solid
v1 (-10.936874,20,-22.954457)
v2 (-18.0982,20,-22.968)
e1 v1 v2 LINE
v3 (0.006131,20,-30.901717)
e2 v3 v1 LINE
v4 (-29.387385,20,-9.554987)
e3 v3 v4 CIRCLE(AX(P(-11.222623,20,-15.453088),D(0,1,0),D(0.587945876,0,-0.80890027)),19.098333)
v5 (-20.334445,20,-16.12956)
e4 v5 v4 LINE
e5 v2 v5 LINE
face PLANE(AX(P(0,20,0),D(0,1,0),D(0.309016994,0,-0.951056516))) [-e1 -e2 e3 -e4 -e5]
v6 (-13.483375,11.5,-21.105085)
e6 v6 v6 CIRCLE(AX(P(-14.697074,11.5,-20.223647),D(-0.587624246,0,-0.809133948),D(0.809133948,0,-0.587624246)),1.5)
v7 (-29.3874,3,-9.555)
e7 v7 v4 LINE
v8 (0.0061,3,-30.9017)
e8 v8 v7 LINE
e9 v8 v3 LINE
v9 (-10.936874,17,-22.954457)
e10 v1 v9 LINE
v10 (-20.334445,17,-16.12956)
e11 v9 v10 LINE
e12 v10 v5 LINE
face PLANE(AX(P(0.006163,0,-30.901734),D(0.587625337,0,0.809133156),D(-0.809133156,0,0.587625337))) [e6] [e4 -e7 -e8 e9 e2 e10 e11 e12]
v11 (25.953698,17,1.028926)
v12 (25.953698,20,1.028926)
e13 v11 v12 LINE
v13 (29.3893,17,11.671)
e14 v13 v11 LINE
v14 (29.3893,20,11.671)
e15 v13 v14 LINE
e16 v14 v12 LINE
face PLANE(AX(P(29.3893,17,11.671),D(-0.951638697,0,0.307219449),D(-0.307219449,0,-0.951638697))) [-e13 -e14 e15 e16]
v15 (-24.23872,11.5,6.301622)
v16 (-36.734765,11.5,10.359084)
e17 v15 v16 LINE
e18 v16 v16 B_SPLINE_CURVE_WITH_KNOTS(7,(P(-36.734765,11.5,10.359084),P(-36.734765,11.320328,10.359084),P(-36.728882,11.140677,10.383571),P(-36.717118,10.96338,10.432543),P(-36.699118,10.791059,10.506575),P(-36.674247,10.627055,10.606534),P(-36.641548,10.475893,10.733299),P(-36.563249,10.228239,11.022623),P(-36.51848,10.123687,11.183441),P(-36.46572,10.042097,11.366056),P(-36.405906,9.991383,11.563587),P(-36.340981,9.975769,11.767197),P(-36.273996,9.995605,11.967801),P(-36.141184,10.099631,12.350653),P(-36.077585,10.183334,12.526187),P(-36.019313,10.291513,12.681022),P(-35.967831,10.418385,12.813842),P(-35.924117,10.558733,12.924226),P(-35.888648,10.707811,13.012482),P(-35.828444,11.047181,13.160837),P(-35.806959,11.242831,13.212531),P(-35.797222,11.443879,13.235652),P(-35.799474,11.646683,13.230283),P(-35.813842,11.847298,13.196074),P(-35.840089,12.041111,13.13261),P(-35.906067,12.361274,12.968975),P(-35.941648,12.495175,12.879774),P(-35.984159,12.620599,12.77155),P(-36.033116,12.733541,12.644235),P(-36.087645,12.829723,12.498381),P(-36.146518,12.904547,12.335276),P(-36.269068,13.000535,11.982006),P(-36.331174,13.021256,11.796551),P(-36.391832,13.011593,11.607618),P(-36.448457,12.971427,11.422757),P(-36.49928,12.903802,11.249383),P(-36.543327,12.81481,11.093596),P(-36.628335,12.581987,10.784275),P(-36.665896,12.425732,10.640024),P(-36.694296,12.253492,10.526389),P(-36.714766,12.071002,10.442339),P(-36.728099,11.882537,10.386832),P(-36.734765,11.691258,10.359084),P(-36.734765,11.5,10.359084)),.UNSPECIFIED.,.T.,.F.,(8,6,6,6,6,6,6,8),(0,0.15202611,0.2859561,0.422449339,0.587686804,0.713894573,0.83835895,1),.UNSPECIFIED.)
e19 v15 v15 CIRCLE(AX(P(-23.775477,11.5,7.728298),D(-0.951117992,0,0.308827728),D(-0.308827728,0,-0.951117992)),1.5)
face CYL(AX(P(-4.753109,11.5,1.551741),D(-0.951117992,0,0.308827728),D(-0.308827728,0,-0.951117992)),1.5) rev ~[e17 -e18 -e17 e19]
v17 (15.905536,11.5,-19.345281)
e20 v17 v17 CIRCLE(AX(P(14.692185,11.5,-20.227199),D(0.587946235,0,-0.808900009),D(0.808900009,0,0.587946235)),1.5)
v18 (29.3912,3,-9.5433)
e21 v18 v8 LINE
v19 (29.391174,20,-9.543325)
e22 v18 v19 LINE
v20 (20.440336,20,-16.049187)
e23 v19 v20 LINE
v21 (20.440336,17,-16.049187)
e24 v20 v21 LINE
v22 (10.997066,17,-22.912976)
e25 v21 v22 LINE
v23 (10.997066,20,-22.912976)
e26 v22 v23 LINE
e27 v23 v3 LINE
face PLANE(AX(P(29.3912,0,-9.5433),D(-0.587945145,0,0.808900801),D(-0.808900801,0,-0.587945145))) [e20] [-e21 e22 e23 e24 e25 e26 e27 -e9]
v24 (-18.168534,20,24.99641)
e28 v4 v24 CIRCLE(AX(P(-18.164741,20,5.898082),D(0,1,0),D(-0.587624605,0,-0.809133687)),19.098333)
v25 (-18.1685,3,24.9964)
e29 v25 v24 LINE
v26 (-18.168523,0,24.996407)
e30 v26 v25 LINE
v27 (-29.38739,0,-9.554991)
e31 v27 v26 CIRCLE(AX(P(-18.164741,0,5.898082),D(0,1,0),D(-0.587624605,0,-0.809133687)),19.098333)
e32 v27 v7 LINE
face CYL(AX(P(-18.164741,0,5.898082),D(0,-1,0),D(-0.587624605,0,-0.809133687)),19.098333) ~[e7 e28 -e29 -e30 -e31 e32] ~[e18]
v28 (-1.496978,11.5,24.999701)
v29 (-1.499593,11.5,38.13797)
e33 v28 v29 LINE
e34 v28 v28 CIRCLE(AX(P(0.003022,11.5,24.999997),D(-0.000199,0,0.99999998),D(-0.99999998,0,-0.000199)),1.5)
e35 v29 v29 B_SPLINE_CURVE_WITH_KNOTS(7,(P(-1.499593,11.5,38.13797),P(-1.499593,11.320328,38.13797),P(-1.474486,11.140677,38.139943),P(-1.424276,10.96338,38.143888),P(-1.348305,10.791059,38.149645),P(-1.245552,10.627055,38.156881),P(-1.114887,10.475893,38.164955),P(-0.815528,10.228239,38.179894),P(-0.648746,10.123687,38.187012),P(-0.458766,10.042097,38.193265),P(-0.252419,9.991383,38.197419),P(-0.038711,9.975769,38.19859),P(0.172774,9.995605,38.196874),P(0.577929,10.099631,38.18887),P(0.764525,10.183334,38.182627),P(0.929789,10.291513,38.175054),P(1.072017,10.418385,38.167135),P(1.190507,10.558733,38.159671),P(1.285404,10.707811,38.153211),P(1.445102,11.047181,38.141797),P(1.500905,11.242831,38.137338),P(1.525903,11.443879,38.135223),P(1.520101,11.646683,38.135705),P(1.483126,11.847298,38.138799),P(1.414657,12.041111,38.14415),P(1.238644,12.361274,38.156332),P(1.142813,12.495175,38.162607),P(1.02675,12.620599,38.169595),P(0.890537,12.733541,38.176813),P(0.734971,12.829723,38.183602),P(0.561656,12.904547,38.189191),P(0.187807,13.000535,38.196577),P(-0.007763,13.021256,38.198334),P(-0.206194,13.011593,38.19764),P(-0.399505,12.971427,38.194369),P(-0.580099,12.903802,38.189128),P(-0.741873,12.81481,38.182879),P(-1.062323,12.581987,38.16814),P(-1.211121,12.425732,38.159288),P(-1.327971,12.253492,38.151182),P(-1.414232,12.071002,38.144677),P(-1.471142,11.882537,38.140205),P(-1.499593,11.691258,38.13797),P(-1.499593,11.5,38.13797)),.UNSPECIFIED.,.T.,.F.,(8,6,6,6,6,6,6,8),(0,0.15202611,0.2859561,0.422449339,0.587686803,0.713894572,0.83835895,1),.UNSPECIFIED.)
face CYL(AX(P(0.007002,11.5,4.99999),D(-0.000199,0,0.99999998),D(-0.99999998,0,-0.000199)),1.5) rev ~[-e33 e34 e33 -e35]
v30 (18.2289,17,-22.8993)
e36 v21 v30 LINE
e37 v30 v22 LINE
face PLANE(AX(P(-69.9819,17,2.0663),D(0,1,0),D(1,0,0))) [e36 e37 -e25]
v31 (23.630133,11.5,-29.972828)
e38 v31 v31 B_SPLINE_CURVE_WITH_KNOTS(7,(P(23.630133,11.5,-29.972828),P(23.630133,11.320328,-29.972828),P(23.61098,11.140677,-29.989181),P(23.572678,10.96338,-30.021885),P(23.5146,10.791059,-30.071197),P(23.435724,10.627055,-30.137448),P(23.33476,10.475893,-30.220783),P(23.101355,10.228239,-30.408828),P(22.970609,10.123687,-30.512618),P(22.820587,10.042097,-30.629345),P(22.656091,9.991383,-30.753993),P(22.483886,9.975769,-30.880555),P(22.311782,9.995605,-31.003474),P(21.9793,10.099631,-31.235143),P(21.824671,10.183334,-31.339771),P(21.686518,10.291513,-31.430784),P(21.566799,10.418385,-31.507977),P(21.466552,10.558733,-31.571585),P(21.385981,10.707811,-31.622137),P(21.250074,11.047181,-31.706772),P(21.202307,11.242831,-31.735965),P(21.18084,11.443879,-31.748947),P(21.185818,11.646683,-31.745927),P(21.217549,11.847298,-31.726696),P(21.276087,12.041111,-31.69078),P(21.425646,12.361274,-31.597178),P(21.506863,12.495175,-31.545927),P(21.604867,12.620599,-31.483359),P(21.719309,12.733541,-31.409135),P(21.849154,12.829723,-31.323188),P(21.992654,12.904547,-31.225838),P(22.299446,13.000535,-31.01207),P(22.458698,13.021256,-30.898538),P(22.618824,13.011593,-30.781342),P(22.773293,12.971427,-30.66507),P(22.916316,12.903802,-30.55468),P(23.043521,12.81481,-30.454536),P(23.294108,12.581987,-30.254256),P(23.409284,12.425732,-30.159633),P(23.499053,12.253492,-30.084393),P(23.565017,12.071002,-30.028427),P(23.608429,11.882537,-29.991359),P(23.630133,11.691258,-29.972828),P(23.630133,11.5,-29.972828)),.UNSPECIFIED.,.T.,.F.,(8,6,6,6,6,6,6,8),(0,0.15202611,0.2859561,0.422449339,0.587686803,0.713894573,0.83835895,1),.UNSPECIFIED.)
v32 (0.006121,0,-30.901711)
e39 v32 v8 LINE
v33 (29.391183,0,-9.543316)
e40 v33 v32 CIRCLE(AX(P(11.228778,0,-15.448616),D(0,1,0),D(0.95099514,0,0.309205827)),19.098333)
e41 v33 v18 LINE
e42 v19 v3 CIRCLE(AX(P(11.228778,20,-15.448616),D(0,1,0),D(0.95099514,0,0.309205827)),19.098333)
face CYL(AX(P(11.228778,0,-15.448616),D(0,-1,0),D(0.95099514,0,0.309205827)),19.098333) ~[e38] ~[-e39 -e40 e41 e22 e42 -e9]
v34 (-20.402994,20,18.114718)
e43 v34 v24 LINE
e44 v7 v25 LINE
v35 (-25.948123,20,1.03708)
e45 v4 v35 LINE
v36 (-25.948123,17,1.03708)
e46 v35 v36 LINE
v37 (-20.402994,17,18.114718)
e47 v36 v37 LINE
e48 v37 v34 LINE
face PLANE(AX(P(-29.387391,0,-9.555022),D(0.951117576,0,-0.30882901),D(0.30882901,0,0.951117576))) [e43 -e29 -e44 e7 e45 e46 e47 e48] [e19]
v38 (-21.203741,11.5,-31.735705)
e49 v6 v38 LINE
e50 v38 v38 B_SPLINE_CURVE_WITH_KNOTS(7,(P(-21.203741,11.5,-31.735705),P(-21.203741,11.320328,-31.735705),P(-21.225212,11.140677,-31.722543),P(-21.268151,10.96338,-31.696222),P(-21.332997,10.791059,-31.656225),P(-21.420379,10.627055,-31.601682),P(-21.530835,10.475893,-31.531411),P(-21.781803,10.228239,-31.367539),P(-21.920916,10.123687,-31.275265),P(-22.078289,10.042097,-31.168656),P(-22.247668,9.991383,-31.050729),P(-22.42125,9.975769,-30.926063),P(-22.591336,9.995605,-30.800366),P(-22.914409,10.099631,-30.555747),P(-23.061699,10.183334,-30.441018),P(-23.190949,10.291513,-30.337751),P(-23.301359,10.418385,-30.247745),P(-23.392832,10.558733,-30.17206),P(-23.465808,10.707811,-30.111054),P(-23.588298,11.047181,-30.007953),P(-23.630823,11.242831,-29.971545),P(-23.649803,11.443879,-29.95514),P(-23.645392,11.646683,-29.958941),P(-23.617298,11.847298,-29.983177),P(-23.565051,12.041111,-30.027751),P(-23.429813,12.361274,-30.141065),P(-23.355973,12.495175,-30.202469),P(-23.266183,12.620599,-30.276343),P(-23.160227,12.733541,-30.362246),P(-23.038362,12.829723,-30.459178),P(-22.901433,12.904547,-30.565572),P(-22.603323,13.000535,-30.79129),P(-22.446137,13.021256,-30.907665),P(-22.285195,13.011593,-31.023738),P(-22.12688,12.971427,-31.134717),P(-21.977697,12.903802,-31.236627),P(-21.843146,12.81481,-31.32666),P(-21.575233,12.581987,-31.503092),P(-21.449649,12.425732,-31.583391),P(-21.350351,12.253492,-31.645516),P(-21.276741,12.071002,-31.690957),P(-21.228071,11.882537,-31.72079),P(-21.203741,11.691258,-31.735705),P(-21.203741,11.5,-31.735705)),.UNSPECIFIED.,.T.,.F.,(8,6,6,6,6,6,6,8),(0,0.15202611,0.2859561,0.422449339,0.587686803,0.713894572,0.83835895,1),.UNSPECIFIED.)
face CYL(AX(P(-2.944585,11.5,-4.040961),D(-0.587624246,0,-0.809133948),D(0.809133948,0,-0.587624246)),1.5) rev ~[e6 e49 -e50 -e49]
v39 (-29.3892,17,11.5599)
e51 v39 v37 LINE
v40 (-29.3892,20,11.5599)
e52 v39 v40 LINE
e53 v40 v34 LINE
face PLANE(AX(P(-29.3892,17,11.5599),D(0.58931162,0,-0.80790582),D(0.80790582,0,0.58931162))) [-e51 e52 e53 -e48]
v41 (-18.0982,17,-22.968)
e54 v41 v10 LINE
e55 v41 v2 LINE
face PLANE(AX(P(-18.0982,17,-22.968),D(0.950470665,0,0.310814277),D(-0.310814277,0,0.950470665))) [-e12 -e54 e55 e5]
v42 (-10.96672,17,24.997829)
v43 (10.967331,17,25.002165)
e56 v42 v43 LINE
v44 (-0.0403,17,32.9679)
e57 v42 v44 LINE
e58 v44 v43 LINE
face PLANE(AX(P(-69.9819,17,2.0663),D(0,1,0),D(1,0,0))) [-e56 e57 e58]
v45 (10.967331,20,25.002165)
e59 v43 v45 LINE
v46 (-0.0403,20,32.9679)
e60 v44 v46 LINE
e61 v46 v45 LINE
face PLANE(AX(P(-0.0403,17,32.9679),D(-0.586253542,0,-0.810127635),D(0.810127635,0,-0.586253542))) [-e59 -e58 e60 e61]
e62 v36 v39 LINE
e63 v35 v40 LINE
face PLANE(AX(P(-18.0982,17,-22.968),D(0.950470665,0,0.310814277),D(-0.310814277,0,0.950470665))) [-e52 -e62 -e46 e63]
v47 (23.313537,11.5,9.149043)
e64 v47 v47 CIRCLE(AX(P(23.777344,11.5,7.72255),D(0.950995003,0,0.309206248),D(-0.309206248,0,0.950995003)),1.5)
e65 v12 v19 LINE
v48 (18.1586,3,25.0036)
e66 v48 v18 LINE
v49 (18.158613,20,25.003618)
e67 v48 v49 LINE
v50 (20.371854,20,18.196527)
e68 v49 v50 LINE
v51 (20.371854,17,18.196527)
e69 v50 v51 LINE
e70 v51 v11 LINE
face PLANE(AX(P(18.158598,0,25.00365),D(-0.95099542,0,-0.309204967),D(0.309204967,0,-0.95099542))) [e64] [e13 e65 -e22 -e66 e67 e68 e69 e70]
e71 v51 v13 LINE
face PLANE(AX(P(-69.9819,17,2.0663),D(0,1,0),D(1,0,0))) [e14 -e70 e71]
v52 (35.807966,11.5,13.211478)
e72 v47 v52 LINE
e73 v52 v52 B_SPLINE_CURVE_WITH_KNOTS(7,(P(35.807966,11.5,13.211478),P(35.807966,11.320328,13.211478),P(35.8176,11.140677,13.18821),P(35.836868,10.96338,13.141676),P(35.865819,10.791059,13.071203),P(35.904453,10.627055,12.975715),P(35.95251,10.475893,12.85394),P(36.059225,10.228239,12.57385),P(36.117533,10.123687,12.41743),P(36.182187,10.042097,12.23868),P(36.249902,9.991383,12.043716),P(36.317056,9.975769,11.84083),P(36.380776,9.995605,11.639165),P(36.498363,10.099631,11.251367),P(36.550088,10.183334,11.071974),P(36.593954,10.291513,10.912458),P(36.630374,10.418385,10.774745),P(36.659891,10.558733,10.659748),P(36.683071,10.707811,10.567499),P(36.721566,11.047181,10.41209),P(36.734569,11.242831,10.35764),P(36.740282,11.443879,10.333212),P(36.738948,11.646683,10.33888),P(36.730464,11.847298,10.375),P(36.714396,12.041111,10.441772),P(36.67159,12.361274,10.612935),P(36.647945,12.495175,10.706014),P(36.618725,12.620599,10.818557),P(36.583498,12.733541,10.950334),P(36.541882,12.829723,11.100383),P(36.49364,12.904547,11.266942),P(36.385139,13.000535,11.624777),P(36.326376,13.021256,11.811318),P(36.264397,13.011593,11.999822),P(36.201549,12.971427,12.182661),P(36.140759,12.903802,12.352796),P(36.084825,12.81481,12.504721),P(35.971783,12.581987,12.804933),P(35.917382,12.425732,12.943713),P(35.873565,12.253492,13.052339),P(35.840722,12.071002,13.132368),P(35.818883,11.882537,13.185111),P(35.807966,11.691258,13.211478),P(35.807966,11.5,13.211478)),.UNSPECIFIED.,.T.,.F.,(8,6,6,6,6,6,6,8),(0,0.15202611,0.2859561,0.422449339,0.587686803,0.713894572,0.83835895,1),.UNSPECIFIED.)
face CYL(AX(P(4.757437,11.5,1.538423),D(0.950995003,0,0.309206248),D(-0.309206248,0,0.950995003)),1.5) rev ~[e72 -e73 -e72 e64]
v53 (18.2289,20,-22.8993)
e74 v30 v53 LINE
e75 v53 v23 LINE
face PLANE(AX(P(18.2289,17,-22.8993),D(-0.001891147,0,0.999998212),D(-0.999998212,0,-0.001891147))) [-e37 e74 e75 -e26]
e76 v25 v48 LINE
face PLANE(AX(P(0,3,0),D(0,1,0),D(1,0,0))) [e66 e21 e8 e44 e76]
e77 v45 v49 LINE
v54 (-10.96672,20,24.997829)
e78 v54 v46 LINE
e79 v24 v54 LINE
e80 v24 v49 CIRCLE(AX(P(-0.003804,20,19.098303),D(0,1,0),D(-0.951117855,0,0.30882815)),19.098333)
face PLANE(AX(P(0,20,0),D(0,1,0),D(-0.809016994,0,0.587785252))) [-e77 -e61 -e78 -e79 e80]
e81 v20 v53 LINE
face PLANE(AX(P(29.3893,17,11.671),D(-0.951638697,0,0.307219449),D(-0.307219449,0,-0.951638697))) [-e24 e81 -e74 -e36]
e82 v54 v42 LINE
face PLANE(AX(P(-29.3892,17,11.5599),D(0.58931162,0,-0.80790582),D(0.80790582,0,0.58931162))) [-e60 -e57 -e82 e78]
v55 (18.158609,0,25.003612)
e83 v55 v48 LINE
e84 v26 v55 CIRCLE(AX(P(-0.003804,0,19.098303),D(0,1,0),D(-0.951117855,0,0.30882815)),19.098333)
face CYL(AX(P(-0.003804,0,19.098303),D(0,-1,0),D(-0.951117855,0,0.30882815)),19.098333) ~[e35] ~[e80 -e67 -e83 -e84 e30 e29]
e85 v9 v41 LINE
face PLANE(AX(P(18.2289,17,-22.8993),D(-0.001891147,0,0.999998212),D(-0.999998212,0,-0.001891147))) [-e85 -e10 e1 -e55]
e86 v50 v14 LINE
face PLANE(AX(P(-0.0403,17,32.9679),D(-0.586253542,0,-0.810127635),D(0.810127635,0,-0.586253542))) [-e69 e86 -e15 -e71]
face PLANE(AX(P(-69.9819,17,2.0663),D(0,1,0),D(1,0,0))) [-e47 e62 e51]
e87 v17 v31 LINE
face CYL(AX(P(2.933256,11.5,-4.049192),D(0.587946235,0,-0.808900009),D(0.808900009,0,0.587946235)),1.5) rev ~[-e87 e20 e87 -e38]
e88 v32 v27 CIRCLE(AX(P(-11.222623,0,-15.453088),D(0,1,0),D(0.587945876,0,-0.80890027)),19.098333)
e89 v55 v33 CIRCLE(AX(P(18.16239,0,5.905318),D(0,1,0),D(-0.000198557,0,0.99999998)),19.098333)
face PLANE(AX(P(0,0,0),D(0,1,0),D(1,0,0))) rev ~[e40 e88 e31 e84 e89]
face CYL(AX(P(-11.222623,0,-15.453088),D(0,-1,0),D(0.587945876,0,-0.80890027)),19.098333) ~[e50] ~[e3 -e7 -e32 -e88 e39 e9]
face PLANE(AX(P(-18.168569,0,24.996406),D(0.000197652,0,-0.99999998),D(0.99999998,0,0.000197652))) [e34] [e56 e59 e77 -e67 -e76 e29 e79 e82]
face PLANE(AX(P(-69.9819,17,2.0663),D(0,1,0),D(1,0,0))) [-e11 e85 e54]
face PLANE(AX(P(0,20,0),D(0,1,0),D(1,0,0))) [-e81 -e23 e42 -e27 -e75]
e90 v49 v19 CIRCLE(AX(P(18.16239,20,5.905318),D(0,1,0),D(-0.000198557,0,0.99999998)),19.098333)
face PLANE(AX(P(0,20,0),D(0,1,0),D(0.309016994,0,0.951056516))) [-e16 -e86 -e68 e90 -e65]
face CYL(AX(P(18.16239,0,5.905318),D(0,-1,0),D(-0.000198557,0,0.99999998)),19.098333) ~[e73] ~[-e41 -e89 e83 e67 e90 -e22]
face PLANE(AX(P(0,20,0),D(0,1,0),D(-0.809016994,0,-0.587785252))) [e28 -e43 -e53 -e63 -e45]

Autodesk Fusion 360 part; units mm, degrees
sketch "草图1" plane through (0, 0, 0) normal (0, 1, 0) x (1, 0, 0)
  circle A0 centre (0, 0) radius 15
  line L0 (18.1586, -25.0036) -> (29.3912, 9.5433)
  line L1 (29.3912, 9.5433) -> (0.0061, 30.9017)
  line L2 (0.0061, 30.9017) -> (-29.3874, 9.555)
  line L3 (-29.3874, 9.555) -> (-18.1685, -24.9964)
  line L4 (-18.1685, -24.9964) -> (18.1586, -25.0036)
  arc A1 (29.3912, 9.5433) -> (0.0061, 30.9017) centre (11.2288, 15.4486) ccw
  dimension "d1" = 30
  dimension "d2" = 25
extrude "拉伸1" add sketch "草图1" along normal blind 20 contours L1 A1 makes body 1
pattern_circular "C-阵列1" count 5 over 360 about axis through (0, 0, 0) along (0, 1, 0) of bodies 1 makes body 2 at (-14.2646, 13.3333, -34.3076) makes body 3 at (-31.7135, 13.3333, 19.3583) makes body 4 at (8.6108, 13.3333, 36.1433) makes body 5 at (19.0994, 6.6667, 24.9806)
extrude "拉伸2" add sketch "草图1" along normal blind 3 contours A0 | L0 L1 L2 L3 L4 bodies 1 2 3 4 5
cylinder "圆柱体基本要素1" add diameter 3 height 60 placed x (1, 0, 0) y (0, 1, 0) z (0, 0, 1) at (90, 0, 0) separate body makes body 6
move_body "对齐1" bodies 6 to x (-1, 0, -0.000199) y (0, -1, 0) z (-0.000199, 0, 1) at (90.007, 11.5, -34.9821)
move_body "移动1" bodies 6 to x (1, 0, 0) y (0, 1, 0) z (0, 0, 1) at (0, 0, 40)
pattern_circular "C-阵列2" count 5 over 360 about axis through (0, 0, 0) along (0, 1, 0) of bodies 6 makes body 7 at (42.3357, 11.6494, 15.3261) makes body 8 at (14.8431, 10.0116, -20.1175) makes body 9 at (-13.894, 10.3753, -20.8069) makes body 10 at (-23.5242, 12.76, 8.5023)
combine "合并1" operation cut target body 1 tool bodies 6 8 10 9 7
sketch "草图3" plane through (0, 0, 0) normal (0, 1, 0) x (1, 0, 0)
  line L0 (69.9416, -30.9016) -> (99.3712, -9.6047)
  line L1 (99.3712, -9.6047) -> (88.2108, 24.9656)
  line L2 (88.2108, 24.9656) -> (51.8837, 25.0343)
  line L3 (51.8837, 25.0343) -> (40.5927, -9.4936)
  line L4 (40.5927, -9.4936) -> (69.9416, -30.9016)
  point P0 (70, 0)
  dimension "d13" = 25
extrude "拉伸3" add sketch "草图3" along normal blind 3 separate body makes body 11
move_body "对齐2" bodies 11 to x (1, 0, 0) y (0, 1, 0) z (0, 0, 1) at (-69.9819, -3, -2.9337)
move_body "移动2" bodies 11 to x (1, 0, 0) y (0, 1, 0) z (0, 0, 1) at (0, 20, 0)
move_body "移动3" bodies 11 to x (1, 0, 0) y (0, 1, 0) z (0, 0, 1) at (0, 0, 5)
combine "合并2" operation cut target body 1 tool bodies 11
